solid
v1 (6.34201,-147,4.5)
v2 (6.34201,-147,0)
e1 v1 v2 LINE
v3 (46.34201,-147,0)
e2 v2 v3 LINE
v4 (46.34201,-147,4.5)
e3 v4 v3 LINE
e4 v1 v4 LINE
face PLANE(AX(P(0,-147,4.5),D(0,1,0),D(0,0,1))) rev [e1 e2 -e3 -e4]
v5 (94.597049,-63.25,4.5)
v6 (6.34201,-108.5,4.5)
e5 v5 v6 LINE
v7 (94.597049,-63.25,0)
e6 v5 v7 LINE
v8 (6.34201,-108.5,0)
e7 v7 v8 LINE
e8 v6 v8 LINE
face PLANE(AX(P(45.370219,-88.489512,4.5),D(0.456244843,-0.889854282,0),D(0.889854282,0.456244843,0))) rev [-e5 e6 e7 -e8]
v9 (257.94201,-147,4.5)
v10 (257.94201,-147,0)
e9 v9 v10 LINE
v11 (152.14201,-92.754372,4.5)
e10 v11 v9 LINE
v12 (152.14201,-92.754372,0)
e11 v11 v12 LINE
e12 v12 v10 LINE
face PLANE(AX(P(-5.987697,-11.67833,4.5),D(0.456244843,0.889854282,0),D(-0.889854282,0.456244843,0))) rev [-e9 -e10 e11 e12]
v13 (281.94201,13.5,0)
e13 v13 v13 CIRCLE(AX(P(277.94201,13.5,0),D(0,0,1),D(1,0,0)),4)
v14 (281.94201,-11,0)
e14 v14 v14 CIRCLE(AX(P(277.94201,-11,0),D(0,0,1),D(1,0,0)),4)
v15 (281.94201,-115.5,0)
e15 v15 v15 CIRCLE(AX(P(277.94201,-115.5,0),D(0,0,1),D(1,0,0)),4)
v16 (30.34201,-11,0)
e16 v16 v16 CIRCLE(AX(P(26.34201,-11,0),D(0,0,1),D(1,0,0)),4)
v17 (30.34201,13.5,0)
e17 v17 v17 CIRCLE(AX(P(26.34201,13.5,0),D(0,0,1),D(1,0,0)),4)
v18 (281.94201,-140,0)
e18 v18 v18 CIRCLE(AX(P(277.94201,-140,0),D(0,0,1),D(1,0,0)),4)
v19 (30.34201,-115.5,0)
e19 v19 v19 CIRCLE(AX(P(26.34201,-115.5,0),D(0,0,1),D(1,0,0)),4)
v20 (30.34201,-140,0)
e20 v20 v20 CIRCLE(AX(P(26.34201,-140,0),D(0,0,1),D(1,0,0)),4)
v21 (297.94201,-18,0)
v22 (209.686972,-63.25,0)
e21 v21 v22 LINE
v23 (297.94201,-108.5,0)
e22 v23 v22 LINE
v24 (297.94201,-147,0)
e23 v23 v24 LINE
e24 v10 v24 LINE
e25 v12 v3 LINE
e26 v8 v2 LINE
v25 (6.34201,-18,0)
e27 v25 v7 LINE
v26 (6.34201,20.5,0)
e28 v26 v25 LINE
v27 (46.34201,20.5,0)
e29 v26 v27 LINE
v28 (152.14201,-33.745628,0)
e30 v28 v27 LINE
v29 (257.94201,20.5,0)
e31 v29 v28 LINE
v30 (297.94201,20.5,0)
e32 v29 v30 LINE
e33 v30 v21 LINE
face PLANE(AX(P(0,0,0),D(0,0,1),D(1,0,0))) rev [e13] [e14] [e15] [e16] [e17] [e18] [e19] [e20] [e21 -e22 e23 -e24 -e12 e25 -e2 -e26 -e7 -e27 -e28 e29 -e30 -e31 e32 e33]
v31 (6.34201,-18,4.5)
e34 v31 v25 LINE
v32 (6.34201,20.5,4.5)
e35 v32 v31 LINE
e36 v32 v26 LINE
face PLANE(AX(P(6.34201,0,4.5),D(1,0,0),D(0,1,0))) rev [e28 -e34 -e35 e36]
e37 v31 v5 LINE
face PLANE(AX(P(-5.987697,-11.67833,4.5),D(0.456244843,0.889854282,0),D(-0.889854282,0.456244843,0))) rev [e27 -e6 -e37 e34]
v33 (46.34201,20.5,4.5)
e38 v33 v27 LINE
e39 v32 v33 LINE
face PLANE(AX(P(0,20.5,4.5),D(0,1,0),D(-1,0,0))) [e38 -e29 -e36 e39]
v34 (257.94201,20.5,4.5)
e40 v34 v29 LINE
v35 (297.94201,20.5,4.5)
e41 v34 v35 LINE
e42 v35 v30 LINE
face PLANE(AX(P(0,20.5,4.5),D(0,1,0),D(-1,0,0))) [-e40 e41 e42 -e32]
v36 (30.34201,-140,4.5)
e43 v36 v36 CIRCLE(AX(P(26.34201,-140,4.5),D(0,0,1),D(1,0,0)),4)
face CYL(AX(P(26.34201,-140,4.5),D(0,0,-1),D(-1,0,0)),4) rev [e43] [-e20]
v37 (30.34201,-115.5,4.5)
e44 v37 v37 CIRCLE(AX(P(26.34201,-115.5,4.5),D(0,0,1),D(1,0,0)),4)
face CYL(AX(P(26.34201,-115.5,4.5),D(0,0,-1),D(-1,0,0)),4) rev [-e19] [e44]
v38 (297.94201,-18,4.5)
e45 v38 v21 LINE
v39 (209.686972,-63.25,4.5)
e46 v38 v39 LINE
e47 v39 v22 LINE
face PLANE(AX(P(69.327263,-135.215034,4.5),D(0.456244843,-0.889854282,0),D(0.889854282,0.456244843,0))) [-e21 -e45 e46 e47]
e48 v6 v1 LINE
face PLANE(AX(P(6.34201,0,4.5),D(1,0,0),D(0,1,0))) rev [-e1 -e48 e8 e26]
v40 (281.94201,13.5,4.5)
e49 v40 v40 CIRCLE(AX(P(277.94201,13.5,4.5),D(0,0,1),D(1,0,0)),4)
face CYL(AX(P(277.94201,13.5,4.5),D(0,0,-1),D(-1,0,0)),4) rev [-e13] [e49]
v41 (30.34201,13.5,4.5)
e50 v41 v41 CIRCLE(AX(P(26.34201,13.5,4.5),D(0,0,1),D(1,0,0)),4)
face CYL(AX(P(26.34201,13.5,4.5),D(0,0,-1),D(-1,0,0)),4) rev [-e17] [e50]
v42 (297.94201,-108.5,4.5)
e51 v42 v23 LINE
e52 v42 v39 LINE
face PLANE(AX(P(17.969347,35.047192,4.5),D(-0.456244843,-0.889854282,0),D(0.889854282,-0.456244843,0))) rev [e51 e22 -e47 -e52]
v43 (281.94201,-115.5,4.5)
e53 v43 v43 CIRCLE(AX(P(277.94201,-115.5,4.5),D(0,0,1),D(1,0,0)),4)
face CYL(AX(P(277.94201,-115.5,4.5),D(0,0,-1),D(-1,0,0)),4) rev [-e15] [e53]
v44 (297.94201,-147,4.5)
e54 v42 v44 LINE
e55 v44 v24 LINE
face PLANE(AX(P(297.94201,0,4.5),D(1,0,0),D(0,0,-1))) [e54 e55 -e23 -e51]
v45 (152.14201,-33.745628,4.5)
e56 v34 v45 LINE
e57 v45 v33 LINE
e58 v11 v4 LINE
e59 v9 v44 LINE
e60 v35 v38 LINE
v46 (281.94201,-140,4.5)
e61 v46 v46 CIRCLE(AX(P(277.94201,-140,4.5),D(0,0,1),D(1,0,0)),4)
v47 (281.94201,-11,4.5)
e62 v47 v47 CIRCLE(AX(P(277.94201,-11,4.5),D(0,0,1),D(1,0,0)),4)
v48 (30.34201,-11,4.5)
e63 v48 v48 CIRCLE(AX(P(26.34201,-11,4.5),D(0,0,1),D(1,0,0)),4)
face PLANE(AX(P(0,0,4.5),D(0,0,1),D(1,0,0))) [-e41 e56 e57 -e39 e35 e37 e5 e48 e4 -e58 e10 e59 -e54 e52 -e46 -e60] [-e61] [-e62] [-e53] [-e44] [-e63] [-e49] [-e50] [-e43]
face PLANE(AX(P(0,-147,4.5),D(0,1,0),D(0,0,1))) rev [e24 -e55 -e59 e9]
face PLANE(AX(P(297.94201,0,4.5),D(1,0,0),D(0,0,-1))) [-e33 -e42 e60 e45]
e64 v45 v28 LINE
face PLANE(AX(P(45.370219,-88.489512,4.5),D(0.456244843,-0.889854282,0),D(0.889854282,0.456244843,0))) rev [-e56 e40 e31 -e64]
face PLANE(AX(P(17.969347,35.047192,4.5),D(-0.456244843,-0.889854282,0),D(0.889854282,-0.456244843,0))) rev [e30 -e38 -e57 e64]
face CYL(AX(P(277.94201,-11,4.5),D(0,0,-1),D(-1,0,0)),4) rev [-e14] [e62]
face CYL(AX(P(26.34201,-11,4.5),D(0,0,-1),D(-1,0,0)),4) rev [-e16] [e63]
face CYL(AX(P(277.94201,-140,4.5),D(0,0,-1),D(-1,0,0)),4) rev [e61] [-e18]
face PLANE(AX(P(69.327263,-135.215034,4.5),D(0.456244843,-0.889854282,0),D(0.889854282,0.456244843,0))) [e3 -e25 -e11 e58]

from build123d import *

# Parameters (mm, degrees)
SKETCH1_R           = 4
BOSS_EXTRUDE1_DEPTH = 4.5


with BuildPart() as part:
    # Sketch1 → Boss-Extrude1 (new body)
    with BuildSketch(Plane.XY):
        Polygon((152.142010442, -92.754372019), (94.597049202, -63.25), (6.342010442, -108.5), (6.342010442, -147), (46.342010442, -147), align=None)
        with Locations((26.342010442, -140)):
            Circle(SKETCH1_R, mode=Mode.SUBTRACT)
        with Locations((26.342010442, -115.5)):
            Circle(SKETCH1_R, mode=Mode.SUBTRACT)
        Polygon((152.142010442, -33.745627981), (94.597049202, -63.25), (152.142010442, -92.754372019), (209.686971683, -63.25), align=None)
        Polygon((6.342010442, 20.5), (6.342010442, -18), (94.597049202, -63.25), (152.142010442, -33.745627981), (46.342010442, 20.5), align=None)
        with Locations((26.342010442, -11)):
            Circle(SKETCH1_R, mode=Mode.SUBTRACT)
        with Locations((26.342010442, 13.5)):
            Circle(SKETCH1_R, mode=Mode.SUBTRACT)
        Polygon((257.942010442, 20.5), (152.142010442, -33.745627981), (209.686971683, -63.25), (297.942010442, -18), (297.942010442, 20.5), align=None)
        with Locations((277.942010442, -11)):
            Circle(SKETCH1_R, mode=Mode.SUBTRACT)
        with Locations((277.942010442, 13.5)):
            Circle(SKETCH1_R, mode=Mode.SUBTRACT)
        Polygon((209.686971683, -63.25), (152.142010442, -92.754372019), (257.942010442, -147), (297.942010442, -147), (297.942010442, -108.5), align=None)
        with Locations((277.942010442, -140)):
            Circle(SKETCH1_R, mode=Mode.SUBTRACT)
        with Locations((277.942010442, -115.5)):
            Circle(SKETCH1_R, mode=Mode.SUBTRACT)
    extrude(amount=BOSS_EXTRUDE1_DEPTH)


solid = part.part
